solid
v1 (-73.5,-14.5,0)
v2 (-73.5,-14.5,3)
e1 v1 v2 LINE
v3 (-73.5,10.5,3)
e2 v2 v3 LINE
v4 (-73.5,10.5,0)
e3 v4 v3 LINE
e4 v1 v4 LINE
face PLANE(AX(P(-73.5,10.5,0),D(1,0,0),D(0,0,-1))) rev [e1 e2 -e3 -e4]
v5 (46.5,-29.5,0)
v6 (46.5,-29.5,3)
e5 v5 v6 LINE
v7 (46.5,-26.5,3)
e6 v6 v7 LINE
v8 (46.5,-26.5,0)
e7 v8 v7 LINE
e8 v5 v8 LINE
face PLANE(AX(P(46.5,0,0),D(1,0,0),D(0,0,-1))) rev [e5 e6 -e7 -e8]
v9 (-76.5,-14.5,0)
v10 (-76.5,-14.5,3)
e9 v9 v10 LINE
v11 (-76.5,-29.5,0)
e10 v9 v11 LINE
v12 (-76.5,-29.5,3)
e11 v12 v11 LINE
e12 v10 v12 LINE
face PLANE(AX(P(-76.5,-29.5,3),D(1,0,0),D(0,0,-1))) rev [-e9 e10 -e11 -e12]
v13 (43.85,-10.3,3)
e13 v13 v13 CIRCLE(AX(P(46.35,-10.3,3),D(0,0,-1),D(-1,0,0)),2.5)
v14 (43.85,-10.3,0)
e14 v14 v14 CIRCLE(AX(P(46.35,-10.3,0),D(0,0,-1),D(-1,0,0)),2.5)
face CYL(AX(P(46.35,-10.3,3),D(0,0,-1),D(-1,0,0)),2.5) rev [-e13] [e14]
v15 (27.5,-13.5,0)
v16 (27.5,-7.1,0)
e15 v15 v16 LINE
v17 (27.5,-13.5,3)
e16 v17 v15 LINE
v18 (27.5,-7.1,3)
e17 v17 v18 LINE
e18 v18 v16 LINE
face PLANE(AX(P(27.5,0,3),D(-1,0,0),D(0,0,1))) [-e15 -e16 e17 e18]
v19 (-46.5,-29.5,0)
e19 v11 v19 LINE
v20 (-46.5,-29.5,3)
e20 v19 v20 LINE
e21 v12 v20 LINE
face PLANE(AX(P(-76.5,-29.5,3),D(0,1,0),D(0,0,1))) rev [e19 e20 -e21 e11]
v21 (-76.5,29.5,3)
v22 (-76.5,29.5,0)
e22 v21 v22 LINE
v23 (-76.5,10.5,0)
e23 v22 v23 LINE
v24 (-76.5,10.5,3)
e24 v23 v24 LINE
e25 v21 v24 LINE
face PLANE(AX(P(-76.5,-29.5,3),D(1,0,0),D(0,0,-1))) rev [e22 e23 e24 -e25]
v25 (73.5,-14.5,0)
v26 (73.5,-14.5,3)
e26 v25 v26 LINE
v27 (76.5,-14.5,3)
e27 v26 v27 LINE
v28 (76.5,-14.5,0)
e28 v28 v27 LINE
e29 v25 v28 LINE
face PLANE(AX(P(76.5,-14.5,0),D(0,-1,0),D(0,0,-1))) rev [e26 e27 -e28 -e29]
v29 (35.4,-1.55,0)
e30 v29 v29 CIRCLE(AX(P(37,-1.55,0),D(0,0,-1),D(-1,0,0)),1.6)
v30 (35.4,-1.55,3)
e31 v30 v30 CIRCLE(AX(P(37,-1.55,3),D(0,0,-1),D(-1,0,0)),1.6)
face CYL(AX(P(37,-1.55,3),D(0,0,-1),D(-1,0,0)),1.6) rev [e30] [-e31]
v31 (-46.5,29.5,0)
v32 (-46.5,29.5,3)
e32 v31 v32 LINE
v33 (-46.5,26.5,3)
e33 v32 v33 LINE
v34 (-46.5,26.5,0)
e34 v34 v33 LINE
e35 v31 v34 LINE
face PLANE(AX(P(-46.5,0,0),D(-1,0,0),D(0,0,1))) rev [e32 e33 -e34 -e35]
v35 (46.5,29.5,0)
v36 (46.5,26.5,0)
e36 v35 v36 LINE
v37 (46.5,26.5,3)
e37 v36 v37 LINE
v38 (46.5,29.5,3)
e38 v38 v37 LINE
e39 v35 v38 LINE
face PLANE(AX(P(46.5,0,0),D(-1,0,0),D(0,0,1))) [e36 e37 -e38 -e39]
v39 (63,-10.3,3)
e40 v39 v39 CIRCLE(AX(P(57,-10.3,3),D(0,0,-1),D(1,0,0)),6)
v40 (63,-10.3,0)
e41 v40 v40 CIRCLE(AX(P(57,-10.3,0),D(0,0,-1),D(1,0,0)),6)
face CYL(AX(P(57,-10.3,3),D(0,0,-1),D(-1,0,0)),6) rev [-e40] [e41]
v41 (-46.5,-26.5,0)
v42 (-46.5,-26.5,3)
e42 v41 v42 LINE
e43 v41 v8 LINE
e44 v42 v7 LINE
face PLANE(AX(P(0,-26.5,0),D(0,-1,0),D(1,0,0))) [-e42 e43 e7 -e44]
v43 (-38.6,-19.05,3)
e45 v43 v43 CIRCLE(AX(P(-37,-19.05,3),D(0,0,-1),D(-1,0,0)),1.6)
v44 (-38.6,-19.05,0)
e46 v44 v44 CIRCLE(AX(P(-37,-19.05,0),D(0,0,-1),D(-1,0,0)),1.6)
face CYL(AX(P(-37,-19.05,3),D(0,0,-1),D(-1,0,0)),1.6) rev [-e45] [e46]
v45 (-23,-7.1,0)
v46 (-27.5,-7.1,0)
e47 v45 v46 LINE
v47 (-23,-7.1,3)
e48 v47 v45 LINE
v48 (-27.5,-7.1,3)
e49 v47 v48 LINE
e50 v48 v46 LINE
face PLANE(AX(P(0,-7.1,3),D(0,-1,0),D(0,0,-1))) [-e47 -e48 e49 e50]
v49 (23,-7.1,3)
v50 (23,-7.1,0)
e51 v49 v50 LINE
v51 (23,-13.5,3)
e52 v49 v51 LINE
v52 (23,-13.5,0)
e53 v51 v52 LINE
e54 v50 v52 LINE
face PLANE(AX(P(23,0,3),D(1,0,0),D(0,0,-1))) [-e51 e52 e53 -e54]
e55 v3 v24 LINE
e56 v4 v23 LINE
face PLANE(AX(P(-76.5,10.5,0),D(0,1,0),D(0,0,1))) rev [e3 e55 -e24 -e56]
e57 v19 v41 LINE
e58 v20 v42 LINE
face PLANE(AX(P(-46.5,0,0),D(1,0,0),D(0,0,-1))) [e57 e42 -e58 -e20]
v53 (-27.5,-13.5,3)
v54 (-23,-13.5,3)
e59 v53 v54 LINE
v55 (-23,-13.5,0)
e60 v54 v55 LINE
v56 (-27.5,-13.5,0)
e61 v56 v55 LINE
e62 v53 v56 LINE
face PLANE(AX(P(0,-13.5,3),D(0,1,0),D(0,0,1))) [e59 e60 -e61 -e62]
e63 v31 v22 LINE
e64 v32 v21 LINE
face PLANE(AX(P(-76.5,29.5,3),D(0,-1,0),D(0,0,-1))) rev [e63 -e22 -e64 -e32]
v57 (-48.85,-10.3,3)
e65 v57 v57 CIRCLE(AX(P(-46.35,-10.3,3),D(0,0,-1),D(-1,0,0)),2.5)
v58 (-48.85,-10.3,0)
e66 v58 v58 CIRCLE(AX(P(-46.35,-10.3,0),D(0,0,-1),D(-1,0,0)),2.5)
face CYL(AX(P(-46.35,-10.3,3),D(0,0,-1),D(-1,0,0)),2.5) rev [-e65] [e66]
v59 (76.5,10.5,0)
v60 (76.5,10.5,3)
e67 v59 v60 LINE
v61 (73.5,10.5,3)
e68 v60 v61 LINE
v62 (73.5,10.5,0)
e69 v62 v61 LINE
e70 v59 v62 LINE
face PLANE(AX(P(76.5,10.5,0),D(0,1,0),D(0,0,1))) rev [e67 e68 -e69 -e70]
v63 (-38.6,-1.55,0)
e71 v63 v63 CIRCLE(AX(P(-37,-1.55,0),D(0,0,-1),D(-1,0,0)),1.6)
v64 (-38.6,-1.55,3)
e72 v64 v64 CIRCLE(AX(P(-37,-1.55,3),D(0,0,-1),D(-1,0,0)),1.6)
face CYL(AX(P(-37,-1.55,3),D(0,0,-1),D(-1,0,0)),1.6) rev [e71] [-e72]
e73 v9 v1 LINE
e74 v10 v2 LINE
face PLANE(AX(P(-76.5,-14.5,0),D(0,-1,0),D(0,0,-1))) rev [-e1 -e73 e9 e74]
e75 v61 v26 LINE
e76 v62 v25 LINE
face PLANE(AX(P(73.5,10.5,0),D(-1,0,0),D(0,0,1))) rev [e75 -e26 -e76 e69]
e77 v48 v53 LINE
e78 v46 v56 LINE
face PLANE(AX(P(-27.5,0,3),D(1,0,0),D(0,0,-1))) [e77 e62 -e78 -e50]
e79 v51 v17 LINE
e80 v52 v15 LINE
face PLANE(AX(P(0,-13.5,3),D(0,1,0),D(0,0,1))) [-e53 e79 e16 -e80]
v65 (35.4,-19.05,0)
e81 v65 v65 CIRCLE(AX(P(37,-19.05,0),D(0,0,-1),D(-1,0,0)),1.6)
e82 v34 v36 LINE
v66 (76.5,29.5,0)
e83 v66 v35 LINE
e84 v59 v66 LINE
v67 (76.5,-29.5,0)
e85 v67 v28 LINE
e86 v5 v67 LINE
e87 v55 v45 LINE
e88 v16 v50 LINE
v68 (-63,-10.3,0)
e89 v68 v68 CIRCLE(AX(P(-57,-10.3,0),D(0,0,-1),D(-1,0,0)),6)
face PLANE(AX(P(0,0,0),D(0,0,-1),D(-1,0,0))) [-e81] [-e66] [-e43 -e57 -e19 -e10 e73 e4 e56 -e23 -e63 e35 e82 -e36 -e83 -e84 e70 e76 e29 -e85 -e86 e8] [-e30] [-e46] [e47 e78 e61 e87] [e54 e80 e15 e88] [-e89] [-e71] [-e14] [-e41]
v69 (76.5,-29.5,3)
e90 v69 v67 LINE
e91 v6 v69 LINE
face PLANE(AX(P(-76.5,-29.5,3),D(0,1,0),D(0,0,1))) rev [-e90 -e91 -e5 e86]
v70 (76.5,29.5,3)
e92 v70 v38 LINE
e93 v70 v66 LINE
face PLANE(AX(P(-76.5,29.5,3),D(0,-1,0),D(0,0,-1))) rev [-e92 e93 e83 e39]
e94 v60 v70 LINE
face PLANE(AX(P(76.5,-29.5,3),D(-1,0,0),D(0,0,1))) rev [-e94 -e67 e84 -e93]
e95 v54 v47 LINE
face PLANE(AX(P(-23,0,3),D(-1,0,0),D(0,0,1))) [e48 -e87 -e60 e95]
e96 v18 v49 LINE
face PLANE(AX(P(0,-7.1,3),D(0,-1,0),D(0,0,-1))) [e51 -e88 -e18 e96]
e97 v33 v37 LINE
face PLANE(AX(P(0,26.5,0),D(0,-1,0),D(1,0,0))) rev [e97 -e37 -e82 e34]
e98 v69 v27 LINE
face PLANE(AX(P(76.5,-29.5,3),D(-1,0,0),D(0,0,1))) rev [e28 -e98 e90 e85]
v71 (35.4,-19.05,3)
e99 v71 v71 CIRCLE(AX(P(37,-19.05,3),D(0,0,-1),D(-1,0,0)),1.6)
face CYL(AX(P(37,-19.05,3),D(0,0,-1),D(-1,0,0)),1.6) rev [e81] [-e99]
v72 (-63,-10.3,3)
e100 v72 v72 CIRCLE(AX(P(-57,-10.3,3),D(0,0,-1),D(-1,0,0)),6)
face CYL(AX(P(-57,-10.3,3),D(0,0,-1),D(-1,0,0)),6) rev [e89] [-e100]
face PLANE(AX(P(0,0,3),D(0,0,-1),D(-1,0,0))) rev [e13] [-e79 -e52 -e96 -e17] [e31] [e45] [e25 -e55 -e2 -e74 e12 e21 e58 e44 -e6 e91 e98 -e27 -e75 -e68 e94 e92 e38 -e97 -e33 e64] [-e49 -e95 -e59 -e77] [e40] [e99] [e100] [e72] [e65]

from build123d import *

# Parameters (mm, degrees)
ESBO_O1_W                = 153
ESBO_O1_H                = 59
RESSALTO_EXTRUS_O1_DEPTH = 3
ESBO_O2_W                = 93
ESBO_O2_H                = 3
CORTE_EXTRUS_O1_DEPTH    = 83.045718962
ESBO_O3_W                = 3
ESBO_O3_H                = 25
CORTE_EXTRUS_O2_DEPTH    = 83.045718962
ESBO_O4_R                = 6
CORTE_EXTRUS_O3_DEPTH    = 83.045718962
ESBO_O5_R                = 1.6
ESBO_O5_R_2              = 2.5
ESBO_O5_W                = 4.5
ESBO_O5_H                = 6.4
CORTE_EXTRUS_O4_DEPTH    = 83.045718962


with BuildPart() as part:
    # Esboço1 → Ressalto-extrusão1 (new body)
    with BuildSketch(Plane.XY):
        Rectangle(ESBO_O1_W, ESBO_O1_H)
    extrude(amount=RESSALTO_EXTRUS_O1_DEPTH)

    # Esboço2 → Corte-extrusão1 (cut, through all)
    with BuildSketch(Plane.XY.offset(3)):
        with Locations((0, 28)):
            Rectangle(ESBO_O2_W, ESBO_O2_H)
        with Locations((0, -28)):
            Rectangle(ESBO_O2_W, ESBO_O2_H)
    extrude(amount=-CORTE_EXTRUS_O1_DEPTH, mode=Mode.SUBTRACT)

    # Esboço3 → Corte-extrusão2 (cut, through all)
    with BuildSketch(Plane.XY.offset(3)):
        with Locations((-75, -2)):
            Rectangle(ESBO_O3_W, ESBO_O3_H)
        with Locations((75, -2)):
            Rectangle(ESBO_O3_W, ESBO_O3_H)
    extrude(amount=-CORTE_EXTRUS_O2_DEPTH, mode=Mode.SUBTRACT)

    # Esboço4 → Corte-extrusão3 (cut, through all)
    with BuildSketch(Plane(origin=(0, 0, 0), x_dir=(-1, 0, 0), z_dir=(0, 0, -1))):
        with Locations((57, -10.3)):
            Circle(ESBO_O4_R)
        with Locations(Location((-57, -10.3, 0), (0, 0, 180))):
            Circle(ESBO_O4_R)
    extrude(amount=-CORTE_EXTRUS_O3_DEPTH, mode=Mode.SUBTRACT)

    # Esboço5 → Corte-extrusão4 (cut, through all)
    with BuildSketch(Plane.XY):
        with Locations(Location((-37, -1.55, 0), (0, 0, 180))):
            Circle(ESBO_O5_R)
        with Locations(Location((-37, -19.05, 0), (0, 0, 180))):
            Circle(ESBO_O5_R)
        with Locations(Location((37, -19.05, 0), (0, 0, 180))):
            Circle(ESBO_O5_R)
        with Locations(Location((37, -1.55, 0), (0, 0, 180))):
            Circle(ESBO_O5_R)
        with Locations(Location((-46.35, -10.3, 0), (0, 0, 180))):
            Circle(ESBO_O5_R_2)
        with Locations(Location((46.35, -10.3, 0), (0, 0, 180))):
            Circle(ESBO_O5_R_2)
        with Locations((25.25, -10.3)):
            Rectangle(ESBO_O5_W, ESBO_O5_H)
        with Locations((-25.25, -10.3)):
            Rectangle(ESBO_O5_W, ESBO_O5_H)
    extrude(amount=CORTE_EXTRUS_O4_DEPTH, mode=Mode.SUBTRACT)


solid = part.part
